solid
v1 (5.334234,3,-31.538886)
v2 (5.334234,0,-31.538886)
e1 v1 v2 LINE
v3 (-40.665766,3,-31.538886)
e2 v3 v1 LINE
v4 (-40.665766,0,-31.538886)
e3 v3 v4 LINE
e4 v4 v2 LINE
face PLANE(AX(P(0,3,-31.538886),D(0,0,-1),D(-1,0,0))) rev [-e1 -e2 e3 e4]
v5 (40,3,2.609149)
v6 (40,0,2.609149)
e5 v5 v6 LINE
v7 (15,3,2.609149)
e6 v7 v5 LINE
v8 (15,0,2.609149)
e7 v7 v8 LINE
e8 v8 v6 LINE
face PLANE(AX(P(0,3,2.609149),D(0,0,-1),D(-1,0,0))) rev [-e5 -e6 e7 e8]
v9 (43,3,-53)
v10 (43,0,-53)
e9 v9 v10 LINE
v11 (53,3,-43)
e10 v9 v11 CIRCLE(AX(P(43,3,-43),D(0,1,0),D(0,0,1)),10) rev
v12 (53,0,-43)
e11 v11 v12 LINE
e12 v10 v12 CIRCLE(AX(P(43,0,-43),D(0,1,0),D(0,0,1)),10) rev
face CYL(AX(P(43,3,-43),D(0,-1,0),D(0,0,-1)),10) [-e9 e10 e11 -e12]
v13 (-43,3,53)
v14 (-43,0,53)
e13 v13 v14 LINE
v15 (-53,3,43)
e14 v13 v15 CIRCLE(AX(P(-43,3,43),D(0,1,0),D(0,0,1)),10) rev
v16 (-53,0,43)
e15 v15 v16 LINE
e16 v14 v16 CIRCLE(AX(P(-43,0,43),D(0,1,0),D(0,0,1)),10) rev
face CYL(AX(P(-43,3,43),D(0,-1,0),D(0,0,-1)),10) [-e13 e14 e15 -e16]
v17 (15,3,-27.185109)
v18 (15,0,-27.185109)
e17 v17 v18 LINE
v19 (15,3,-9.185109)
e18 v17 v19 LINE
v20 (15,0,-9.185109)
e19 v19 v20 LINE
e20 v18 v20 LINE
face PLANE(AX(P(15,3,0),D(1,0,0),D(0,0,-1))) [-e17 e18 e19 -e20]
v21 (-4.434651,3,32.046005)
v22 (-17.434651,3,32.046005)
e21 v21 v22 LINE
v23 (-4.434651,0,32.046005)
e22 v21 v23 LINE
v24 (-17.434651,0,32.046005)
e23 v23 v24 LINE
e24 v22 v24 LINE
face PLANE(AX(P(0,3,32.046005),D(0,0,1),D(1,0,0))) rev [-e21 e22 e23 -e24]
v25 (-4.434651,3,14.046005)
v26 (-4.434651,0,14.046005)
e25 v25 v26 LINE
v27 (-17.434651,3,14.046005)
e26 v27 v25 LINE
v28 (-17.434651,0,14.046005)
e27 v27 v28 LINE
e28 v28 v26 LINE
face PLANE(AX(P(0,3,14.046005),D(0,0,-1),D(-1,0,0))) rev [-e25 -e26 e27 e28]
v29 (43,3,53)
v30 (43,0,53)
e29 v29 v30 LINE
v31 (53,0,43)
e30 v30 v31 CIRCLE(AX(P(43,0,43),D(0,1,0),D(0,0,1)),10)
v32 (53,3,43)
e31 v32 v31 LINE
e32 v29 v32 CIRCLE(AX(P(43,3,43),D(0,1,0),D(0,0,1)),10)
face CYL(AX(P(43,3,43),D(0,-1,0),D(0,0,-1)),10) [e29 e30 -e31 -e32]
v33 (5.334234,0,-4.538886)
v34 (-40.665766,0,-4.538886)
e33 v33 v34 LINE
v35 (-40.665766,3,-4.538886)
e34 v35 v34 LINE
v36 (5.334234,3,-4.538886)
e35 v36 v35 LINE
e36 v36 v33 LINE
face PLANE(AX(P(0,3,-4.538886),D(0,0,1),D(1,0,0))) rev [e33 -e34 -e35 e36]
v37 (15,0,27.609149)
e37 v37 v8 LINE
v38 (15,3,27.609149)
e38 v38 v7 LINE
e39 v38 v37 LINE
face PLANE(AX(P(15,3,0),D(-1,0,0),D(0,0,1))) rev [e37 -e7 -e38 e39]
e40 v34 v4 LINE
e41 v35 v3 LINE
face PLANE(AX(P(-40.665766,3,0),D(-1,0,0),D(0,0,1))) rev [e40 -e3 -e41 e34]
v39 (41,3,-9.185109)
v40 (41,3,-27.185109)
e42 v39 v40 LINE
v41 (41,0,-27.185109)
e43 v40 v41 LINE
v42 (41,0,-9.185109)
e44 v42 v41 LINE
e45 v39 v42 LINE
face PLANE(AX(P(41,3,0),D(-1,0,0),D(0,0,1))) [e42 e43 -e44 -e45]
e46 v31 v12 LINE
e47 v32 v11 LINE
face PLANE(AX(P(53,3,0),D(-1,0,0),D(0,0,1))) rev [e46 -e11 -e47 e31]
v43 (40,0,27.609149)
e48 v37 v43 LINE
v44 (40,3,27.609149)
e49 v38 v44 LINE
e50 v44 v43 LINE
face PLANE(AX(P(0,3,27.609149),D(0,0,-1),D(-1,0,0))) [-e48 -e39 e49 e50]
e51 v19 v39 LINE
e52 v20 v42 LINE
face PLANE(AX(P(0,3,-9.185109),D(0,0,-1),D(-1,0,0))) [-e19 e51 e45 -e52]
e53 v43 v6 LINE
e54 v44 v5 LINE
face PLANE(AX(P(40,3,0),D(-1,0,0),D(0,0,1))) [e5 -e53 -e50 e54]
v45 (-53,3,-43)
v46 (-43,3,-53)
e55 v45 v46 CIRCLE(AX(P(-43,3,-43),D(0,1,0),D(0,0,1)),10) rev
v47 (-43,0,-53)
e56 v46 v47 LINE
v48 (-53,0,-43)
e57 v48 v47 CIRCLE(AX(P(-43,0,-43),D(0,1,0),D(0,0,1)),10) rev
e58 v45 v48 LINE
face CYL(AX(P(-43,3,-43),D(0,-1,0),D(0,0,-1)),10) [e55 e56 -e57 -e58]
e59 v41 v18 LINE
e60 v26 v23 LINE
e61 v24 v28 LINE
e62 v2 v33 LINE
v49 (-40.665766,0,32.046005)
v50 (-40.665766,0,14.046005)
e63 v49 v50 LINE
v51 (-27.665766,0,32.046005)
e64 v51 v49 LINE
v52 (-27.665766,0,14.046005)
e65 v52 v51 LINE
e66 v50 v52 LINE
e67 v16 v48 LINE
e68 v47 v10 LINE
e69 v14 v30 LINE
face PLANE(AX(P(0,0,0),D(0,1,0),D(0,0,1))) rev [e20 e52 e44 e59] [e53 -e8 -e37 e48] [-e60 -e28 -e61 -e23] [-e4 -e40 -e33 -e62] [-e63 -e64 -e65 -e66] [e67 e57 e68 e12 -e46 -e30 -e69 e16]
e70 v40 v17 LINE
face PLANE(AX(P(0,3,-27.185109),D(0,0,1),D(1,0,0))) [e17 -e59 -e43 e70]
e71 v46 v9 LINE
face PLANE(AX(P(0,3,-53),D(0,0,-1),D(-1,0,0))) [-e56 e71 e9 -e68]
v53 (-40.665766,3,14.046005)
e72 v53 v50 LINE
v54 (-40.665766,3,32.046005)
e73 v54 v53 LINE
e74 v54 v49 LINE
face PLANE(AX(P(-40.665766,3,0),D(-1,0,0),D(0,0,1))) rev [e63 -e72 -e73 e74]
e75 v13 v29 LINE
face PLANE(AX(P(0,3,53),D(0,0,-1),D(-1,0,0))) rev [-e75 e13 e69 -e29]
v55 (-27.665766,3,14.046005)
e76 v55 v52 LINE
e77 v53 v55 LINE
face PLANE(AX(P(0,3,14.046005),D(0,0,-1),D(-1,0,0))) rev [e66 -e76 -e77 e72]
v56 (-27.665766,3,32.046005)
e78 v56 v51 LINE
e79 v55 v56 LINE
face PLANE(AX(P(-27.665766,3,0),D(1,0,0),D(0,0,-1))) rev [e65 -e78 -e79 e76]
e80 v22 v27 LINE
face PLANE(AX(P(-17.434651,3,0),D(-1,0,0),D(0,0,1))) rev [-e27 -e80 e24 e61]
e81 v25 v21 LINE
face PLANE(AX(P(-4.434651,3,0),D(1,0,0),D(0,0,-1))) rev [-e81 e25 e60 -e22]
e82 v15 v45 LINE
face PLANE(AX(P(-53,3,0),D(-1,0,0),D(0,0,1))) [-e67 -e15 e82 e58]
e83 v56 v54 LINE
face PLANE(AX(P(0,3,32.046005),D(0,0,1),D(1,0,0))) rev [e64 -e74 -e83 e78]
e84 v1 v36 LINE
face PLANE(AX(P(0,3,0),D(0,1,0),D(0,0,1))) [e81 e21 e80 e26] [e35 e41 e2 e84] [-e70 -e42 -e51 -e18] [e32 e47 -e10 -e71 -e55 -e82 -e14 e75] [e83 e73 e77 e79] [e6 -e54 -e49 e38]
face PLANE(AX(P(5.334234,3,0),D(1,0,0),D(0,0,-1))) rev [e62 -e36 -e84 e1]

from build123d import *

# Parameters (mm, degrees)
SKETCH1_W           = 25
SKETCH1_H           = 25
SKETCH1_W_2         = 26
SKETCH1_H_2         = 18
SKETCH1_W_3         = 46
SKETCH1_H_3         = 27
SKETCH1_W_4         = 13
BOSS_EXTRUDE1_DEPTH = 3


with BuildPart() as part:
    # Sketch1 → Boss-Extrude1 (new body)
    with BuildSketch(Plane(origin=(0, 0, 0), x_dir=(1, 0, 0), z_dir=(0, 1, 0))):
        with BuildLine():
            ThreePointArc((43, 53), (50.071067812, 50.071067812), (53, 43))
            Line((53, 43), (53, -43))
            ThreePointArc((53, -43), (50.071067812, -50.071067812), (43, -53))
            Line((43, -53), (-43, -53))
            ThreePointArc((-43, -53), (-50.071067812, -50.071067812), (-53, -43))
            Line((-53, -43), (-53, 43))
            ThreePointArc((-53, 43), (-50.071067812, 50.071067812), (-43, 53))
            Line((-43, 53), (43, 53))
        make_face()
        with BuildLine():
            Line((-40, 50), (40, 50))
            ThreePointArc((40, 50), (47.071067812, 47.071067812), (50, 40))
            Line((50, 40), (50, -40))
            ThreePointArc((50, -40), (47.071067812, -47.071067812), (40, -50))
            Line((40, -50), (-40, -50))
            ThreePointArc((-40, -50), (-47.071067812, -47.071067812), (-50, -40))
            Line((-50, -40), (-50, 40))
            ThreePointArc((-50, 40), (-47.071067812, 47.071067812), (-40, 50))
        make_face(mode=Mode.SUBTRACT)
        with BuildLine():
            ThreePointArc((40, 50), (47.071067812, 47.071067812), (50, 40))
            Line((50, 40), (50, -40))
            ThreePointArc((50, -40), (47.071067812, -47.071067812), (40, -50))
            Line((40, -50), (-40, -50))
            ThreePointArc((-40, -50), (-47.071067812, -47.071067812), (-50, -40))
            Line((-50, -40), (-50, 40))
            ThreePointArc((-50, 40), (-47.071067812, 47.071067812), (-40, 50))
            Line((-40, 50), (40, 50))
        make_face()
        with Locations((27.5, -15.109148856)):
            Rectangle(SKETCH1_W, SKETCH1_H, mode=Mode.SUBTRACT)
        with Locations((28, 18.185109271)):
            Rectangle(SKETCH1_W_2, SKETCH1_H_2, mode=Mode.SUBTRACT)
        with Locations((-17.665765758, 18.038886372)):
            Rectangle(SKETCH1_W_3, SKETCH1_H_3, mode=Mode.SUBTRACT)
        with Locations((-34.165765758, -23.046005222)):
            Rectangle(SKETCH1_W_4, SKETCH1_H_2, mode=Mode.SUBTRACT)
        with Locations((-10.934651265, -23.046005222)):
            Rectangle(SKETCH1_W_4, SKETCH1_H_2, mode=Mode.SUBTRACT)
    extrude(amount=BOSS_EXTRUDE1_DEPTH)


solid = part.part
